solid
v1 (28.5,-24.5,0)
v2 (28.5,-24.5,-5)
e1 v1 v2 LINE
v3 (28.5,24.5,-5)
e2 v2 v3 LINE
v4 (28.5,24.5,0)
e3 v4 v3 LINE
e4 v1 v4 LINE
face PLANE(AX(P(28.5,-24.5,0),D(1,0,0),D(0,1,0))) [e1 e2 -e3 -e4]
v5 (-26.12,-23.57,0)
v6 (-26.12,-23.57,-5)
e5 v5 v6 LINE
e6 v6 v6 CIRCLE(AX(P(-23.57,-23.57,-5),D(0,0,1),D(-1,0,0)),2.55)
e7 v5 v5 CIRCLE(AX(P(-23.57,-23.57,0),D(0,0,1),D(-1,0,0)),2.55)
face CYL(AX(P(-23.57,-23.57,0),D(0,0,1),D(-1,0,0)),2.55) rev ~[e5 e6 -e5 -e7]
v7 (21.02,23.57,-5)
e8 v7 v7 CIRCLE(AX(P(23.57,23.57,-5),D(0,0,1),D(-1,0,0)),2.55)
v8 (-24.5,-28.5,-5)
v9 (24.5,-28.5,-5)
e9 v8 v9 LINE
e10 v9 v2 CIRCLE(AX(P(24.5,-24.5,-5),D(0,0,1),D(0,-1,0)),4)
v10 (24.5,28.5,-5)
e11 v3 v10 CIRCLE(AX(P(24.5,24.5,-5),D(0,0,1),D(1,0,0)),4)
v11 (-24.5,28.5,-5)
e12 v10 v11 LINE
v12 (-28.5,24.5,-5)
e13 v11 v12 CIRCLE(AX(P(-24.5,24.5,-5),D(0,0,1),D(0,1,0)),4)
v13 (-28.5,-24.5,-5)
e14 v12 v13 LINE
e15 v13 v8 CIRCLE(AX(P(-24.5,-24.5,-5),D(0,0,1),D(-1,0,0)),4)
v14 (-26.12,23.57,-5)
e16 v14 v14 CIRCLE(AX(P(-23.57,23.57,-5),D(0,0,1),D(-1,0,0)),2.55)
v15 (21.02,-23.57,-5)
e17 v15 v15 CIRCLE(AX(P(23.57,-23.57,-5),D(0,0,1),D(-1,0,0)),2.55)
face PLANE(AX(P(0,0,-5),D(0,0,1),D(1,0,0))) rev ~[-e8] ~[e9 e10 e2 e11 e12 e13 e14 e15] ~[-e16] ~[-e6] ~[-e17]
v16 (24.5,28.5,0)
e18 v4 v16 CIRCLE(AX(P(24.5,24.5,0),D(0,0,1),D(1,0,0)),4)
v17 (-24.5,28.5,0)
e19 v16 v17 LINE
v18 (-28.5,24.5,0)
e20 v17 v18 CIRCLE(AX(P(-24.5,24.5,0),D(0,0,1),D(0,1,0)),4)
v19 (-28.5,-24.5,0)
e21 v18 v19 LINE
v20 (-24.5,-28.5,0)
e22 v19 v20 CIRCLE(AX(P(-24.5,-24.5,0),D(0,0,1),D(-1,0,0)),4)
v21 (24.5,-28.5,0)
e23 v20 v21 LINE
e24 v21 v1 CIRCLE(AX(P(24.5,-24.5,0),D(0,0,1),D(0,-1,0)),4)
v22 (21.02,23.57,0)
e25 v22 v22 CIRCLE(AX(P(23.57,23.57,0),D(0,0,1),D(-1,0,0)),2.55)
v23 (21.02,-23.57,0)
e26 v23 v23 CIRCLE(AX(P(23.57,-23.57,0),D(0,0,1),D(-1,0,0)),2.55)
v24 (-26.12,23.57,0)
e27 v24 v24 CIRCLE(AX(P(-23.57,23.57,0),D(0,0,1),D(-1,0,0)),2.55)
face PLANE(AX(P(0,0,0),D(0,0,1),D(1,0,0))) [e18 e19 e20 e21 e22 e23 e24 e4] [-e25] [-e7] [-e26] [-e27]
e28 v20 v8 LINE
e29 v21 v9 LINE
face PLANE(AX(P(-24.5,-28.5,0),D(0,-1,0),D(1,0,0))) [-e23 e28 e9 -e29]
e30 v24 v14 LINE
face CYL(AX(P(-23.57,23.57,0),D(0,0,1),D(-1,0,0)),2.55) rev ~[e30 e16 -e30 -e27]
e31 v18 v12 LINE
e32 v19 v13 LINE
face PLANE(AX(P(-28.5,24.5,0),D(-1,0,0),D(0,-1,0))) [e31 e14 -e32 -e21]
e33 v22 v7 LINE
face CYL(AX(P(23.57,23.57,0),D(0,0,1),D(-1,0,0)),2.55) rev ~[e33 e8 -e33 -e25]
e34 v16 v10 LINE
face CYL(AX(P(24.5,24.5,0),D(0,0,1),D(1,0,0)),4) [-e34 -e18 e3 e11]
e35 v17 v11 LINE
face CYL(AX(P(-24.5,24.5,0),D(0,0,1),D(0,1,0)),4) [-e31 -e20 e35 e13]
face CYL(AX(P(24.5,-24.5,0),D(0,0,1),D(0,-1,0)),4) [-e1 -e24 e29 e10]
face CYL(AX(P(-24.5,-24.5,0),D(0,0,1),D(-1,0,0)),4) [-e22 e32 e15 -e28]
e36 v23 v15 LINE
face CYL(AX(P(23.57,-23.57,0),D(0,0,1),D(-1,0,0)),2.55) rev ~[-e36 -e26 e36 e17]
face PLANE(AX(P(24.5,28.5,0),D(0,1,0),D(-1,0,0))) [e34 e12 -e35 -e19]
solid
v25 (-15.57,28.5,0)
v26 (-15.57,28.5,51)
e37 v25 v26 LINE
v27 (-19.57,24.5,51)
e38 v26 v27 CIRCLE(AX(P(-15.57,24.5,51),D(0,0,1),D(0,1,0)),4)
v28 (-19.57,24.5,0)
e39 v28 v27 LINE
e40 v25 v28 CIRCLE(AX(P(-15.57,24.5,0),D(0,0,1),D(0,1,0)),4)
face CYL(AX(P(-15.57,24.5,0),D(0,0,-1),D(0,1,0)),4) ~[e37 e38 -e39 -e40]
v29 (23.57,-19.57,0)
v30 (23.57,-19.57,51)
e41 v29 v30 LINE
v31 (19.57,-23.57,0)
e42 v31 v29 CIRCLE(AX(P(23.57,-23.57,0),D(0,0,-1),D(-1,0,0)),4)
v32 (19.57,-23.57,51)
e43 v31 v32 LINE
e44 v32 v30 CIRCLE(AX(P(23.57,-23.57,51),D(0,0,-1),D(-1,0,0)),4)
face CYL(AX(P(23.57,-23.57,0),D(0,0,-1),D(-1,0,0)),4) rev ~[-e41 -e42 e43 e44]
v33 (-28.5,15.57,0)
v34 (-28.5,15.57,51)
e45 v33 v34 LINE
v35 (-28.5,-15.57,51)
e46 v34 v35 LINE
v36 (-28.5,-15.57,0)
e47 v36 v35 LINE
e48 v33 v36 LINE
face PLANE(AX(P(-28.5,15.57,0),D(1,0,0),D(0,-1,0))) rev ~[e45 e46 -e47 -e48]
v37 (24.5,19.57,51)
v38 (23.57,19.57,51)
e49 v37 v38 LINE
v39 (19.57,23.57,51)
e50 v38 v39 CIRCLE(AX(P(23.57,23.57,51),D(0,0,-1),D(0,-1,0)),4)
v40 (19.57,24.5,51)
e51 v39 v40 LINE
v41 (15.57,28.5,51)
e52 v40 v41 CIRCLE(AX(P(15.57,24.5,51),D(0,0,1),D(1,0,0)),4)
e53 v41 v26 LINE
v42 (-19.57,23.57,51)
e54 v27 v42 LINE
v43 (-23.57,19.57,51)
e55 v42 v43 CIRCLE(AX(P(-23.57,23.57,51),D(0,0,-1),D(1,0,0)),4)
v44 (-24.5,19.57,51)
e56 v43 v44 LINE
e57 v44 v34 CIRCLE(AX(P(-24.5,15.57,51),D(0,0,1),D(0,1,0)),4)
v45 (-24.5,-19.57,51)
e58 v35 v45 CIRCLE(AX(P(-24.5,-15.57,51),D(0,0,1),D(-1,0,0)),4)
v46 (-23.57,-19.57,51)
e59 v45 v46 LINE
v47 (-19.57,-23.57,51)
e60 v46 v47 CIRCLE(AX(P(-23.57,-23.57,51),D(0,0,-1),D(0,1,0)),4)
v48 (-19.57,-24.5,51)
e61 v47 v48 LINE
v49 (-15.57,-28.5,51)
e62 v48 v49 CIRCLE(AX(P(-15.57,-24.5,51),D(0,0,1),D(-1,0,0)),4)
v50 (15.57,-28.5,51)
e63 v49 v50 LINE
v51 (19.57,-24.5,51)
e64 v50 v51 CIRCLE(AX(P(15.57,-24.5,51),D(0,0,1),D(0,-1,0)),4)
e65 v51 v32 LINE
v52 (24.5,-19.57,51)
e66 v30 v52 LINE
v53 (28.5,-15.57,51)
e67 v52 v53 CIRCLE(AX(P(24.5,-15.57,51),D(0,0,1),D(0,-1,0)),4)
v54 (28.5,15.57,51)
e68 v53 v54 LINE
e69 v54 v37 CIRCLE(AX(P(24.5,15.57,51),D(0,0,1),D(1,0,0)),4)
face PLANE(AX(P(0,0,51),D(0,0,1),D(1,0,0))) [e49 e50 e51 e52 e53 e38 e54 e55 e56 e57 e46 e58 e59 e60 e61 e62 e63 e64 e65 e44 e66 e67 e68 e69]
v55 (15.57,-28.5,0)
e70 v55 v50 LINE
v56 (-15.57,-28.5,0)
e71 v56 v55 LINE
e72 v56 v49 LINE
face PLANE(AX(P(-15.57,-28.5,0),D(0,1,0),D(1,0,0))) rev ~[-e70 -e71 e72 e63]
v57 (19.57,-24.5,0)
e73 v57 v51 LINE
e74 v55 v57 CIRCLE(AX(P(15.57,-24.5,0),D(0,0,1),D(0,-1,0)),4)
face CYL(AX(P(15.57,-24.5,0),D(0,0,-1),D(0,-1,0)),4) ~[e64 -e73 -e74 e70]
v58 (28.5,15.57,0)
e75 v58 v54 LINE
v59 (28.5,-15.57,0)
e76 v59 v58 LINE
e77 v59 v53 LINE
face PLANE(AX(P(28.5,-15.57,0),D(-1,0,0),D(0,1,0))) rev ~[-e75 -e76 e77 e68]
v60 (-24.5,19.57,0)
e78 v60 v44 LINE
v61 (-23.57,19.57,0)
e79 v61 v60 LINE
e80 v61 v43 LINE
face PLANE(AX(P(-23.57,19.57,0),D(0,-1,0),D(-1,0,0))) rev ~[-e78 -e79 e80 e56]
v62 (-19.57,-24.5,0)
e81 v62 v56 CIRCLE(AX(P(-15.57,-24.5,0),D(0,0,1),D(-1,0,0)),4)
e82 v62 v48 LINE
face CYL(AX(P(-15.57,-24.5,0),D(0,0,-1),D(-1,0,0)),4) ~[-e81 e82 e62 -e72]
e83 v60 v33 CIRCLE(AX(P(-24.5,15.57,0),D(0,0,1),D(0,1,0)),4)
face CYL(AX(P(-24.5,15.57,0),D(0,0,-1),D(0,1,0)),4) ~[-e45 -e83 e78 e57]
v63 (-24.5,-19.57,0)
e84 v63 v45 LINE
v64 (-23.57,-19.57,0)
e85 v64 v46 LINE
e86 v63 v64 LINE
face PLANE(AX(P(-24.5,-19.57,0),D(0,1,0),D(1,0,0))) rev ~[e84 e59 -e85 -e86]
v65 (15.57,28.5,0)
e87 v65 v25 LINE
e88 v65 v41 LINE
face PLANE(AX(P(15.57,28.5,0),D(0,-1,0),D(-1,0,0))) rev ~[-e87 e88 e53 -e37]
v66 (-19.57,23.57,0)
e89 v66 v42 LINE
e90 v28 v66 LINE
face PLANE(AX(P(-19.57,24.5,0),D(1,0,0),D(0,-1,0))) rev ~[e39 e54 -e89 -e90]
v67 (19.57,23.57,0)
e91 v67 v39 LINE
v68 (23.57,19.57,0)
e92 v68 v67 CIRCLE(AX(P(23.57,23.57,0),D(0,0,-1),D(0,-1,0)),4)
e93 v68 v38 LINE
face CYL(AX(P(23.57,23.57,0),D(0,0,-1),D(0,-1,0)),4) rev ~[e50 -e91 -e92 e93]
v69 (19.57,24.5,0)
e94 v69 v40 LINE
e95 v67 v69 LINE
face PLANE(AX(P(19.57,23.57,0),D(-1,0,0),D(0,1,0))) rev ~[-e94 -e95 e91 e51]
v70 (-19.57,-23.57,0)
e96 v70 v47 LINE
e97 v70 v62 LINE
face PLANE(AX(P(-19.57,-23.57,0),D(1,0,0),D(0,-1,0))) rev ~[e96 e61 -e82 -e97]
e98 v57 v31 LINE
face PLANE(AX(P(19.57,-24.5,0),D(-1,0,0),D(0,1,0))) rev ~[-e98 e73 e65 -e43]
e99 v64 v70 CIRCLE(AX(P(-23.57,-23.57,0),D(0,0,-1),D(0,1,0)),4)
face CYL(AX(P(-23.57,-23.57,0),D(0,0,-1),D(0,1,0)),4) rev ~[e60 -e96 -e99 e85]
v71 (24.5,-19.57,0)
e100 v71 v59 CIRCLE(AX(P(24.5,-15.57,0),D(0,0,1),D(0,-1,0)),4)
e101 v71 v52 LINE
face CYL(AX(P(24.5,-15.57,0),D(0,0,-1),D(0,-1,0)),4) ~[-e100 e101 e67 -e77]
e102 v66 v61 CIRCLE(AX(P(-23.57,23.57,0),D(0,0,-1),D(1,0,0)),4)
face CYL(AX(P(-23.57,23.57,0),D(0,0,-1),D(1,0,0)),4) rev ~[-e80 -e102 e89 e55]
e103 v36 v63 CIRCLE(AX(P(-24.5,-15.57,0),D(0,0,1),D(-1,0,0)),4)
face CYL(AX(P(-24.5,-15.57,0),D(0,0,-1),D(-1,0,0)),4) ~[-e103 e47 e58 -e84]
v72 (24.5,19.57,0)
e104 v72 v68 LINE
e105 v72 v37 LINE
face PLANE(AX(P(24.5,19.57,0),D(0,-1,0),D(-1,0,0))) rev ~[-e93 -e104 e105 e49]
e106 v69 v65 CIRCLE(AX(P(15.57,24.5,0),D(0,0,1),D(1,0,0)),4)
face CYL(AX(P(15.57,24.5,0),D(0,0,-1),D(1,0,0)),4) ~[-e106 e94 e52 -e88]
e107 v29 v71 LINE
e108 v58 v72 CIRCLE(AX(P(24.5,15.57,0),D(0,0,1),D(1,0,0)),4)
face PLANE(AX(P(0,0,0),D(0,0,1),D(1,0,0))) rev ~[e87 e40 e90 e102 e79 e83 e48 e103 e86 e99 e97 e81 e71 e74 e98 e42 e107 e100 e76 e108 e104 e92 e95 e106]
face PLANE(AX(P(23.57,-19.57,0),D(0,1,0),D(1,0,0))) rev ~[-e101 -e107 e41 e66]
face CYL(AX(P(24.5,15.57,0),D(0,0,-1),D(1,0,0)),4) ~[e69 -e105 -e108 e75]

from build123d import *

# Parameters (mm, degrees)
BOSS_EXTRUDE1_DEPTH = 5
BOSS_EXTRUDE2_DEPTH = 51


with BuildPart() as part:
    # Sketch2 → Boss-Extrude1 (new body)
    with BuildSketch(Plane.XY):
        with BuildLine():
            Line((24.5, 28.5), (-24.5, 28.5))
            ThreePointArc((-24.5, 28.5), (-27.328427125, 27.328427125), (-28.5, 24.5))
            Line((-28.5, 24.5), (-28.5, 16.956333897))
            Line((-28.5, 16.956333897), (-28.5, 14.868769462))
            Line((-28.5, 14.868769462), (-28.5, 12.443898331))
            Line((-28.5, 12.443898331), (-28.5, 10.356333897))
            Line((-28.5, 10.356333897), (-28.5, -10.356333897))
            Line((-28.5, -10.356333897), (-28.5, -12.443898331))
            Line((-28.5, -12.443898331), (-28.5, -14.868769462))
            Line((-28.5, -14.868769462), (-28.5, -16.956333897))
            Line((-28.5, -16.956333897), (-28.5, -24.5))
            ThreePointArc((-28.5, -24.5), (-27.328427125, -27.328427125), (-24.5, -28.5))
            Line((-24.5, -28.5), (24.5, -28.5))
            ThreePointArc((24.5, -28.5), (27.328427125, -27.328427125), (28.5, -24.5))
            Line((28.5, -24.5), (28.5, -16.956333897))
            Line((28.5, -16.956333897), (28.5, -14.868769462))
            Line((28.5, -14.868769462), (28.5, -12.443898331))
            Line((28.5, -12.443898331), (28.5, -10.356333897))
            Line((28.5, -10.356333897), (28.5, 10.356333897))
            Line((28.5, 10.356333897), (28.5, 12.443898331))
            Line((28.5, 12.443898331), (28.5, 14.868769462))
            Line((28.5, 14.868769462), (28.5, 16.956333897))
            Line((28.5, 16.956333897), (28.5, 24.5))
            ThreePointArc((28.5, 24.5), (27.328427125, 27.328427125), (24.5, 28.5))
        make_face()
        with BuildLine():
            ThreePointArc((26.12, -23.57), (23.57, -21.02), (21.02, -23.57))
            ThreePointArc((21.02, -23.57), (23.57, -26.12), (26.12, -23.57))
        make_face(mode=Mode.SUBTRACT)
        with BuildLine():
            ThreePointArc((26.12, 23.57), (23.57, 26.12), (21.02, 23.57))
            ThreePointArc((21.02, 23.57), (23.57, 21.02), (26.12, 23.57))
        make_face(mode=Mode.SUBTRACT)
        with BuildLine():
            ThreePointArc((-21.02, 23.57), (-23.57, 26.12), (-26.12, 23.57))
            ThreePointArc((-26.12, 23.57), (-23.57, 21.02), (-21.02, 23.57))
        make_face(mode=Mode.SUBTRACT)
        with BuildLine():
            ThreePointArc((-21.02, -23.57), (-23.57, -21.02), (-26.12, -23.57))
            ThreePointArc((-26.12, -23.57), (-23.57, -26.12), (-21.02, -23.57))
        make_face(mode=Mode.SUBTRACT)
    extrude(amount=-BOSS_EXTRUDE1_DEPTH)


with BuildPart() as body_2:
    # Sketch3 → Boss-Extrude2 (new body)
    with BuildSketch(Plane.XY):
        with BuildLine():
            Line((-15.57, -28.5), (15.57, -28.5))
            ThreePointArc((15.57, -28.5), (18.398427125, -27.328427125), (19.57, -24.5))
            Line((19.57, -24.5), (19.57, -23.57))
            ThreePointArc((19.57, -23.57), (20.741572875, -20.741572875), (23.57, -19.57))
            Line((23.57, -19.57), (24.5, -19.57))
            ThreePointArc((24.5, -19.57), (27.328427125, -18.398427125), (28.5, -15.57))
            Line((28.5, -15.57), (28.5, 15.57))
            ThreePointArc((28.5, 15.57), (27.328427125, 18.398427125), (24.5, 19.57))
            Line((24.5, 19.57), (23.57, 19.57))
            ThreePointArc((23.57, 19.57), (20.741572875, 20.741572875), (19.57, 23.57))
            Line((19.57, 23.57), (19.57, 24.5))
            ThreePointArc((19.57, 24.5), (18.398427125, 27.328427125), (15.57, 28.5))
            Line((15.57, 28.5), (-15.57, 28.5))
            ThreePointArc((-15.57, 28.5), (-18.398427125, 27.328427125), (-19.57, 24.5))
            Line((-19.57, 24.5), (-19.57, 23.57))
            ThreePointArc((-19.57, 23.57), (-20.741572875, 20.741572875), (-23.57, 19.57))
            Line((-23.57, 19.57), (-24.5, 19.57))
            ThreePointArc((-24.5, 19.57), (-27.328427125, 18.398427125), (-28.5, 15.57))
            Line((-28.5, 15.57), (-28.5, -15.57))
            ThreePointArc((-28.5, -15.57), (-27.328427125, -18.398427125), (-24.5, -19.57))
            Line((-24.5, -19.57), (-23.57, -19.57))
            ThreePointArc((-23.57, -19.57), (-20.741572875, -20.741572875), (-19.57, -23.57))
            Line((-19.57, -23.57), (-19.57, -24.5))
            ThreePointArc((-19.57, -24.5), (-18.398427125, -27.328427125), (-15.57, -28.5))
        make_face()
    extrude(amount=BOSS_EXTRUDE2_DEPTH)


solid = Compound([part.part, body_2.part])
